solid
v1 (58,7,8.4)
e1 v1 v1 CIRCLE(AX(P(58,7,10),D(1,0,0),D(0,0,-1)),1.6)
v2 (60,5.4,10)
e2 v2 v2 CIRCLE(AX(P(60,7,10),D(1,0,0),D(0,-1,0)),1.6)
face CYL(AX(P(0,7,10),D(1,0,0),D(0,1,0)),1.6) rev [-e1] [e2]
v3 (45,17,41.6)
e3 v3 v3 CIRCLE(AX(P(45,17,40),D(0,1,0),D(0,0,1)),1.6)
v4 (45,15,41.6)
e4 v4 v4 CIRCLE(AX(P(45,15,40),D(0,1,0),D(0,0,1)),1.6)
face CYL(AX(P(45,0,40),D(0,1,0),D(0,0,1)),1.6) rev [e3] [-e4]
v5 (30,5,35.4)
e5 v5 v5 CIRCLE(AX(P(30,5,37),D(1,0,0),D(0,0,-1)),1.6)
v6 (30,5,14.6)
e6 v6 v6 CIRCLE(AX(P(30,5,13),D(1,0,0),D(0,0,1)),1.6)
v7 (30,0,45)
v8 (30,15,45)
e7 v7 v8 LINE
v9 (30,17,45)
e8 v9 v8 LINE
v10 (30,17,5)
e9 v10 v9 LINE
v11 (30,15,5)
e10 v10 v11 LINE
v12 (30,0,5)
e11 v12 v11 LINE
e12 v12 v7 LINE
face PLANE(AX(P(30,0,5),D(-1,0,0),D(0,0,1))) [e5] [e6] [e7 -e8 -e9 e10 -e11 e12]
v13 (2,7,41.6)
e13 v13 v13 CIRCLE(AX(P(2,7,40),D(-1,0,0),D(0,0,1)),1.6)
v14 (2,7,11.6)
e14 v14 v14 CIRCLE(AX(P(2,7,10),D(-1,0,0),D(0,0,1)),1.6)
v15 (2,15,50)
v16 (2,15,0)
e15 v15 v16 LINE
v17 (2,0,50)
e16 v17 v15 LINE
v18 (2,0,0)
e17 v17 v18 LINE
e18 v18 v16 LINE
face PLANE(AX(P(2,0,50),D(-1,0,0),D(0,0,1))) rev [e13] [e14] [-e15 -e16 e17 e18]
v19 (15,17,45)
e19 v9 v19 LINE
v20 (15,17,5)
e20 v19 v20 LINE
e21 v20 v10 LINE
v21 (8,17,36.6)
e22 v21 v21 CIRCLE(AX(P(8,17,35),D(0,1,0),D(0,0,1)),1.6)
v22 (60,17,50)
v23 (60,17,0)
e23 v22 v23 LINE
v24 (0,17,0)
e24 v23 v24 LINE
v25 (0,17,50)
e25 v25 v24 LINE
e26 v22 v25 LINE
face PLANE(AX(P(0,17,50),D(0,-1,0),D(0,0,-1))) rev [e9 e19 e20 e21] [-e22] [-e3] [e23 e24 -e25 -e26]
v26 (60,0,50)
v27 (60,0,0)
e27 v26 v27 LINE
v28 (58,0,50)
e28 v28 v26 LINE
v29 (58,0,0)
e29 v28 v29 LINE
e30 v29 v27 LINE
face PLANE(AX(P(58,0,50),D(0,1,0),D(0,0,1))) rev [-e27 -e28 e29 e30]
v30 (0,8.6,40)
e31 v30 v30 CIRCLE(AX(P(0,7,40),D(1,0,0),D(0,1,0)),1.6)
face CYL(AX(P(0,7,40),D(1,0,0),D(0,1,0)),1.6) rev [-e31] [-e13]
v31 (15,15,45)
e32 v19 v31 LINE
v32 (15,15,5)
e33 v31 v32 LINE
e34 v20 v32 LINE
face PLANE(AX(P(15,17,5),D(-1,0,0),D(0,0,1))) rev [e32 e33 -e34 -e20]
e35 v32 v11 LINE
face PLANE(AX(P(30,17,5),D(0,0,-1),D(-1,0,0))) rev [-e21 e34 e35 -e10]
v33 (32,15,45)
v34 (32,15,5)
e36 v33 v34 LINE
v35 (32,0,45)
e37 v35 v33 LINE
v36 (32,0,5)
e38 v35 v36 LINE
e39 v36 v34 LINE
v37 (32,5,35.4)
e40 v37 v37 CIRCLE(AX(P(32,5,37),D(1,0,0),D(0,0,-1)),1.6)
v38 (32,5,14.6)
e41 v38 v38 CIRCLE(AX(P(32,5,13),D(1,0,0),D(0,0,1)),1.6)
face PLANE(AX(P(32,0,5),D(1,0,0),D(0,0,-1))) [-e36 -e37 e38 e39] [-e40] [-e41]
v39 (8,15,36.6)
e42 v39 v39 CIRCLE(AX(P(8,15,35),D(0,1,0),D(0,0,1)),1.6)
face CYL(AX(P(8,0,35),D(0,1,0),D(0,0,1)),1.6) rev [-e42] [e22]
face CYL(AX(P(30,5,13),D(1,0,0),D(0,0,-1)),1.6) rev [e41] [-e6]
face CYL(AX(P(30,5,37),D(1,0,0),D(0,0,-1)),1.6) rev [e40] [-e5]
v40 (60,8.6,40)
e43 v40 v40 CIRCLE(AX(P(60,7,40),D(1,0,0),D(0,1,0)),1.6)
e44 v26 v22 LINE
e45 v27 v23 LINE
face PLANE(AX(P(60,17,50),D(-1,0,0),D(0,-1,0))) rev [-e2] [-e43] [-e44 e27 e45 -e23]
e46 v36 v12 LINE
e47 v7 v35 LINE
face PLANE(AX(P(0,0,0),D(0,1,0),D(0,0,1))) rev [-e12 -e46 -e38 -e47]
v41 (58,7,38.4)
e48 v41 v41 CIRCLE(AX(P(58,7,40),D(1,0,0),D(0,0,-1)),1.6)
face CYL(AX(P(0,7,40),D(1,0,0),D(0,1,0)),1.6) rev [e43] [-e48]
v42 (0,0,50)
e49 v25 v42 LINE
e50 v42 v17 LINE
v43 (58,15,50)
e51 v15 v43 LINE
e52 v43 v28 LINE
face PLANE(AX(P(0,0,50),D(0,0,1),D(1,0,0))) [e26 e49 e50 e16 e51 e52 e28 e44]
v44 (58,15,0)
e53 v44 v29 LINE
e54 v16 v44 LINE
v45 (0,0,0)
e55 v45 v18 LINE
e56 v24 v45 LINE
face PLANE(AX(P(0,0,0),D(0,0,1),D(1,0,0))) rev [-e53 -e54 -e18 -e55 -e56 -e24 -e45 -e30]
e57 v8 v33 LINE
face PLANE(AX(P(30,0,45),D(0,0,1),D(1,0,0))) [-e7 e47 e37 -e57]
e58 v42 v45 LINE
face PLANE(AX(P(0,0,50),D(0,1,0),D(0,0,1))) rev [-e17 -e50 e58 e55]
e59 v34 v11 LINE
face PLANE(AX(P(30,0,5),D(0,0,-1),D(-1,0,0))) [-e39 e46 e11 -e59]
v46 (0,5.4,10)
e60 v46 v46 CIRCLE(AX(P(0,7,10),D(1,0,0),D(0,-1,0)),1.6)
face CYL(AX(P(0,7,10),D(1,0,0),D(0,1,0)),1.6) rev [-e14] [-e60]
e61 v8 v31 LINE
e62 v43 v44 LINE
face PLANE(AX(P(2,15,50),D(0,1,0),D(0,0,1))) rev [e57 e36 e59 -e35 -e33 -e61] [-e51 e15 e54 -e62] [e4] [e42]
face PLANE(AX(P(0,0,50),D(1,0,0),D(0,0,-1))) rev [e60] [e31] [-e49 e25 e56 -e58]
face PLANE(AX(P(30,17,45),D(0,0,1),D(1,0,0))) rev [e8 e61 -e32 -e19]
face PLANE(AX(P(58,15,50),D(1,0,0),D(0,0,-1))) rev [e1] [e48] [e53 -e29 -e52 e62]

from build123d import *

# Parameters (mm, degrees)
BOSS_EXTRUDE1_DEPTH = 50
SKETCH2_R           = 1.6
CUT_EXTRUDE1_DEPTH  = 80.931220434
SKETCH3_W           = 2
SKETCH3_H           = 40
BOSS_EXTRUDE2_DEPTH = 17
SKETCH5_R           = 1.6
CUT_EXTRUDE3_DEPTH  = 2
SKETCH6_R           = 1.6
CUT_EXTRUDE4_DEPTH  = 80.931220434
SKETCH7_W           = 15
SKETCH7_H           = 40
CUT_EXTRUDE5_DEPTH  = 2


with BuildPart() as part:
    # Sketch1 → Boss-Extrude1 (new body)
    with BuildSketch(Plane.XY):
        Polygon((0, 0), (0, 17), (60, 17), (60, 0), (58, 0), (58, 15), (2, 15), (2, 0), align=None)
    extrude(amount=BOSS_EXTRUDE1_DEPTH)

    # Sketch2 → Cut-Extrude1 (cut, through all)
    with BuildSketch(Plane(origin=(60, 0, 0), x_dir=(0, 0, -1), z_dir=(1, 0, 0))):
        with Locations(Location((-40, 7, 0), (0, 0, 90))):
            Circle(SKETCH2_R)
        with Locations(Location((-10, 7, 0), (0, 0, 180))):
            Circle(SKETCH2_R)
    extrude(amount=-CUT_EXTRUDE1_DEPTH, mode=Mode.SUBTRACT)

    # Sketch3 → Boss-Extrude2 (add)
    with BuildSketch(Plane(origin=(0, 17, 0), x_dir=(1, 0, 0), z_dir=(0, 1, 0))):
        with Locations((31, -25)):
            Rectangle(SKETCH3_W, SKETCH3_H)
    extrude(amount=-BOSS_EXTRUDE2_DEPTH)

    # Sketch5 → Cut-Extrude3 (cut)
    with BuildSketch(Plane(origin=(32, 0, 0), x_dir=(0, 0, -1), z_dir=(1, 0, 0))):
        with Locations((-37, 5)):
            Circle(SKETCH5_R)
        with Locations(Location((-13, 5, 0), (0, 0, 180))):
            Circle(SKETCH5_R)
    extrude(amount=-CUT_EXTRUDE3_DEPTH, mode=Mode.SUBTRACT)

    # Sketch6 → Cut-Extrude4 (cut, through all)
    with BuildSketch(Plane(origin=(0, 17, 0), x_dir=(1, 0, 0), z_dir=(0, 1, 0))):
        with Locations(Location((45, -40, 0), (0, 0, 270))):
            Circle(SKETCH6_R)
        with Locations(Location((8, -35, 0), (0, 0, 270))):
            Circle(SKETCH6_R)
    extrude(amount=-CUT_EXTRUDE4_DEPTH, mode=Mode.SUBTRACT)

    # Sketch7 → Cut-Extrude5 (cut)
    with BuildSketch(Plane.XZ.offset(-15)):
        with Locations((22.5, 25)):
            Rectangle(SKETCH7_W, SKETCH7_H)
    extrude(amount=-CUT_EXTRUDE5_DEPTH, mode=Mode.SUBTRACT)


solid = part.part
